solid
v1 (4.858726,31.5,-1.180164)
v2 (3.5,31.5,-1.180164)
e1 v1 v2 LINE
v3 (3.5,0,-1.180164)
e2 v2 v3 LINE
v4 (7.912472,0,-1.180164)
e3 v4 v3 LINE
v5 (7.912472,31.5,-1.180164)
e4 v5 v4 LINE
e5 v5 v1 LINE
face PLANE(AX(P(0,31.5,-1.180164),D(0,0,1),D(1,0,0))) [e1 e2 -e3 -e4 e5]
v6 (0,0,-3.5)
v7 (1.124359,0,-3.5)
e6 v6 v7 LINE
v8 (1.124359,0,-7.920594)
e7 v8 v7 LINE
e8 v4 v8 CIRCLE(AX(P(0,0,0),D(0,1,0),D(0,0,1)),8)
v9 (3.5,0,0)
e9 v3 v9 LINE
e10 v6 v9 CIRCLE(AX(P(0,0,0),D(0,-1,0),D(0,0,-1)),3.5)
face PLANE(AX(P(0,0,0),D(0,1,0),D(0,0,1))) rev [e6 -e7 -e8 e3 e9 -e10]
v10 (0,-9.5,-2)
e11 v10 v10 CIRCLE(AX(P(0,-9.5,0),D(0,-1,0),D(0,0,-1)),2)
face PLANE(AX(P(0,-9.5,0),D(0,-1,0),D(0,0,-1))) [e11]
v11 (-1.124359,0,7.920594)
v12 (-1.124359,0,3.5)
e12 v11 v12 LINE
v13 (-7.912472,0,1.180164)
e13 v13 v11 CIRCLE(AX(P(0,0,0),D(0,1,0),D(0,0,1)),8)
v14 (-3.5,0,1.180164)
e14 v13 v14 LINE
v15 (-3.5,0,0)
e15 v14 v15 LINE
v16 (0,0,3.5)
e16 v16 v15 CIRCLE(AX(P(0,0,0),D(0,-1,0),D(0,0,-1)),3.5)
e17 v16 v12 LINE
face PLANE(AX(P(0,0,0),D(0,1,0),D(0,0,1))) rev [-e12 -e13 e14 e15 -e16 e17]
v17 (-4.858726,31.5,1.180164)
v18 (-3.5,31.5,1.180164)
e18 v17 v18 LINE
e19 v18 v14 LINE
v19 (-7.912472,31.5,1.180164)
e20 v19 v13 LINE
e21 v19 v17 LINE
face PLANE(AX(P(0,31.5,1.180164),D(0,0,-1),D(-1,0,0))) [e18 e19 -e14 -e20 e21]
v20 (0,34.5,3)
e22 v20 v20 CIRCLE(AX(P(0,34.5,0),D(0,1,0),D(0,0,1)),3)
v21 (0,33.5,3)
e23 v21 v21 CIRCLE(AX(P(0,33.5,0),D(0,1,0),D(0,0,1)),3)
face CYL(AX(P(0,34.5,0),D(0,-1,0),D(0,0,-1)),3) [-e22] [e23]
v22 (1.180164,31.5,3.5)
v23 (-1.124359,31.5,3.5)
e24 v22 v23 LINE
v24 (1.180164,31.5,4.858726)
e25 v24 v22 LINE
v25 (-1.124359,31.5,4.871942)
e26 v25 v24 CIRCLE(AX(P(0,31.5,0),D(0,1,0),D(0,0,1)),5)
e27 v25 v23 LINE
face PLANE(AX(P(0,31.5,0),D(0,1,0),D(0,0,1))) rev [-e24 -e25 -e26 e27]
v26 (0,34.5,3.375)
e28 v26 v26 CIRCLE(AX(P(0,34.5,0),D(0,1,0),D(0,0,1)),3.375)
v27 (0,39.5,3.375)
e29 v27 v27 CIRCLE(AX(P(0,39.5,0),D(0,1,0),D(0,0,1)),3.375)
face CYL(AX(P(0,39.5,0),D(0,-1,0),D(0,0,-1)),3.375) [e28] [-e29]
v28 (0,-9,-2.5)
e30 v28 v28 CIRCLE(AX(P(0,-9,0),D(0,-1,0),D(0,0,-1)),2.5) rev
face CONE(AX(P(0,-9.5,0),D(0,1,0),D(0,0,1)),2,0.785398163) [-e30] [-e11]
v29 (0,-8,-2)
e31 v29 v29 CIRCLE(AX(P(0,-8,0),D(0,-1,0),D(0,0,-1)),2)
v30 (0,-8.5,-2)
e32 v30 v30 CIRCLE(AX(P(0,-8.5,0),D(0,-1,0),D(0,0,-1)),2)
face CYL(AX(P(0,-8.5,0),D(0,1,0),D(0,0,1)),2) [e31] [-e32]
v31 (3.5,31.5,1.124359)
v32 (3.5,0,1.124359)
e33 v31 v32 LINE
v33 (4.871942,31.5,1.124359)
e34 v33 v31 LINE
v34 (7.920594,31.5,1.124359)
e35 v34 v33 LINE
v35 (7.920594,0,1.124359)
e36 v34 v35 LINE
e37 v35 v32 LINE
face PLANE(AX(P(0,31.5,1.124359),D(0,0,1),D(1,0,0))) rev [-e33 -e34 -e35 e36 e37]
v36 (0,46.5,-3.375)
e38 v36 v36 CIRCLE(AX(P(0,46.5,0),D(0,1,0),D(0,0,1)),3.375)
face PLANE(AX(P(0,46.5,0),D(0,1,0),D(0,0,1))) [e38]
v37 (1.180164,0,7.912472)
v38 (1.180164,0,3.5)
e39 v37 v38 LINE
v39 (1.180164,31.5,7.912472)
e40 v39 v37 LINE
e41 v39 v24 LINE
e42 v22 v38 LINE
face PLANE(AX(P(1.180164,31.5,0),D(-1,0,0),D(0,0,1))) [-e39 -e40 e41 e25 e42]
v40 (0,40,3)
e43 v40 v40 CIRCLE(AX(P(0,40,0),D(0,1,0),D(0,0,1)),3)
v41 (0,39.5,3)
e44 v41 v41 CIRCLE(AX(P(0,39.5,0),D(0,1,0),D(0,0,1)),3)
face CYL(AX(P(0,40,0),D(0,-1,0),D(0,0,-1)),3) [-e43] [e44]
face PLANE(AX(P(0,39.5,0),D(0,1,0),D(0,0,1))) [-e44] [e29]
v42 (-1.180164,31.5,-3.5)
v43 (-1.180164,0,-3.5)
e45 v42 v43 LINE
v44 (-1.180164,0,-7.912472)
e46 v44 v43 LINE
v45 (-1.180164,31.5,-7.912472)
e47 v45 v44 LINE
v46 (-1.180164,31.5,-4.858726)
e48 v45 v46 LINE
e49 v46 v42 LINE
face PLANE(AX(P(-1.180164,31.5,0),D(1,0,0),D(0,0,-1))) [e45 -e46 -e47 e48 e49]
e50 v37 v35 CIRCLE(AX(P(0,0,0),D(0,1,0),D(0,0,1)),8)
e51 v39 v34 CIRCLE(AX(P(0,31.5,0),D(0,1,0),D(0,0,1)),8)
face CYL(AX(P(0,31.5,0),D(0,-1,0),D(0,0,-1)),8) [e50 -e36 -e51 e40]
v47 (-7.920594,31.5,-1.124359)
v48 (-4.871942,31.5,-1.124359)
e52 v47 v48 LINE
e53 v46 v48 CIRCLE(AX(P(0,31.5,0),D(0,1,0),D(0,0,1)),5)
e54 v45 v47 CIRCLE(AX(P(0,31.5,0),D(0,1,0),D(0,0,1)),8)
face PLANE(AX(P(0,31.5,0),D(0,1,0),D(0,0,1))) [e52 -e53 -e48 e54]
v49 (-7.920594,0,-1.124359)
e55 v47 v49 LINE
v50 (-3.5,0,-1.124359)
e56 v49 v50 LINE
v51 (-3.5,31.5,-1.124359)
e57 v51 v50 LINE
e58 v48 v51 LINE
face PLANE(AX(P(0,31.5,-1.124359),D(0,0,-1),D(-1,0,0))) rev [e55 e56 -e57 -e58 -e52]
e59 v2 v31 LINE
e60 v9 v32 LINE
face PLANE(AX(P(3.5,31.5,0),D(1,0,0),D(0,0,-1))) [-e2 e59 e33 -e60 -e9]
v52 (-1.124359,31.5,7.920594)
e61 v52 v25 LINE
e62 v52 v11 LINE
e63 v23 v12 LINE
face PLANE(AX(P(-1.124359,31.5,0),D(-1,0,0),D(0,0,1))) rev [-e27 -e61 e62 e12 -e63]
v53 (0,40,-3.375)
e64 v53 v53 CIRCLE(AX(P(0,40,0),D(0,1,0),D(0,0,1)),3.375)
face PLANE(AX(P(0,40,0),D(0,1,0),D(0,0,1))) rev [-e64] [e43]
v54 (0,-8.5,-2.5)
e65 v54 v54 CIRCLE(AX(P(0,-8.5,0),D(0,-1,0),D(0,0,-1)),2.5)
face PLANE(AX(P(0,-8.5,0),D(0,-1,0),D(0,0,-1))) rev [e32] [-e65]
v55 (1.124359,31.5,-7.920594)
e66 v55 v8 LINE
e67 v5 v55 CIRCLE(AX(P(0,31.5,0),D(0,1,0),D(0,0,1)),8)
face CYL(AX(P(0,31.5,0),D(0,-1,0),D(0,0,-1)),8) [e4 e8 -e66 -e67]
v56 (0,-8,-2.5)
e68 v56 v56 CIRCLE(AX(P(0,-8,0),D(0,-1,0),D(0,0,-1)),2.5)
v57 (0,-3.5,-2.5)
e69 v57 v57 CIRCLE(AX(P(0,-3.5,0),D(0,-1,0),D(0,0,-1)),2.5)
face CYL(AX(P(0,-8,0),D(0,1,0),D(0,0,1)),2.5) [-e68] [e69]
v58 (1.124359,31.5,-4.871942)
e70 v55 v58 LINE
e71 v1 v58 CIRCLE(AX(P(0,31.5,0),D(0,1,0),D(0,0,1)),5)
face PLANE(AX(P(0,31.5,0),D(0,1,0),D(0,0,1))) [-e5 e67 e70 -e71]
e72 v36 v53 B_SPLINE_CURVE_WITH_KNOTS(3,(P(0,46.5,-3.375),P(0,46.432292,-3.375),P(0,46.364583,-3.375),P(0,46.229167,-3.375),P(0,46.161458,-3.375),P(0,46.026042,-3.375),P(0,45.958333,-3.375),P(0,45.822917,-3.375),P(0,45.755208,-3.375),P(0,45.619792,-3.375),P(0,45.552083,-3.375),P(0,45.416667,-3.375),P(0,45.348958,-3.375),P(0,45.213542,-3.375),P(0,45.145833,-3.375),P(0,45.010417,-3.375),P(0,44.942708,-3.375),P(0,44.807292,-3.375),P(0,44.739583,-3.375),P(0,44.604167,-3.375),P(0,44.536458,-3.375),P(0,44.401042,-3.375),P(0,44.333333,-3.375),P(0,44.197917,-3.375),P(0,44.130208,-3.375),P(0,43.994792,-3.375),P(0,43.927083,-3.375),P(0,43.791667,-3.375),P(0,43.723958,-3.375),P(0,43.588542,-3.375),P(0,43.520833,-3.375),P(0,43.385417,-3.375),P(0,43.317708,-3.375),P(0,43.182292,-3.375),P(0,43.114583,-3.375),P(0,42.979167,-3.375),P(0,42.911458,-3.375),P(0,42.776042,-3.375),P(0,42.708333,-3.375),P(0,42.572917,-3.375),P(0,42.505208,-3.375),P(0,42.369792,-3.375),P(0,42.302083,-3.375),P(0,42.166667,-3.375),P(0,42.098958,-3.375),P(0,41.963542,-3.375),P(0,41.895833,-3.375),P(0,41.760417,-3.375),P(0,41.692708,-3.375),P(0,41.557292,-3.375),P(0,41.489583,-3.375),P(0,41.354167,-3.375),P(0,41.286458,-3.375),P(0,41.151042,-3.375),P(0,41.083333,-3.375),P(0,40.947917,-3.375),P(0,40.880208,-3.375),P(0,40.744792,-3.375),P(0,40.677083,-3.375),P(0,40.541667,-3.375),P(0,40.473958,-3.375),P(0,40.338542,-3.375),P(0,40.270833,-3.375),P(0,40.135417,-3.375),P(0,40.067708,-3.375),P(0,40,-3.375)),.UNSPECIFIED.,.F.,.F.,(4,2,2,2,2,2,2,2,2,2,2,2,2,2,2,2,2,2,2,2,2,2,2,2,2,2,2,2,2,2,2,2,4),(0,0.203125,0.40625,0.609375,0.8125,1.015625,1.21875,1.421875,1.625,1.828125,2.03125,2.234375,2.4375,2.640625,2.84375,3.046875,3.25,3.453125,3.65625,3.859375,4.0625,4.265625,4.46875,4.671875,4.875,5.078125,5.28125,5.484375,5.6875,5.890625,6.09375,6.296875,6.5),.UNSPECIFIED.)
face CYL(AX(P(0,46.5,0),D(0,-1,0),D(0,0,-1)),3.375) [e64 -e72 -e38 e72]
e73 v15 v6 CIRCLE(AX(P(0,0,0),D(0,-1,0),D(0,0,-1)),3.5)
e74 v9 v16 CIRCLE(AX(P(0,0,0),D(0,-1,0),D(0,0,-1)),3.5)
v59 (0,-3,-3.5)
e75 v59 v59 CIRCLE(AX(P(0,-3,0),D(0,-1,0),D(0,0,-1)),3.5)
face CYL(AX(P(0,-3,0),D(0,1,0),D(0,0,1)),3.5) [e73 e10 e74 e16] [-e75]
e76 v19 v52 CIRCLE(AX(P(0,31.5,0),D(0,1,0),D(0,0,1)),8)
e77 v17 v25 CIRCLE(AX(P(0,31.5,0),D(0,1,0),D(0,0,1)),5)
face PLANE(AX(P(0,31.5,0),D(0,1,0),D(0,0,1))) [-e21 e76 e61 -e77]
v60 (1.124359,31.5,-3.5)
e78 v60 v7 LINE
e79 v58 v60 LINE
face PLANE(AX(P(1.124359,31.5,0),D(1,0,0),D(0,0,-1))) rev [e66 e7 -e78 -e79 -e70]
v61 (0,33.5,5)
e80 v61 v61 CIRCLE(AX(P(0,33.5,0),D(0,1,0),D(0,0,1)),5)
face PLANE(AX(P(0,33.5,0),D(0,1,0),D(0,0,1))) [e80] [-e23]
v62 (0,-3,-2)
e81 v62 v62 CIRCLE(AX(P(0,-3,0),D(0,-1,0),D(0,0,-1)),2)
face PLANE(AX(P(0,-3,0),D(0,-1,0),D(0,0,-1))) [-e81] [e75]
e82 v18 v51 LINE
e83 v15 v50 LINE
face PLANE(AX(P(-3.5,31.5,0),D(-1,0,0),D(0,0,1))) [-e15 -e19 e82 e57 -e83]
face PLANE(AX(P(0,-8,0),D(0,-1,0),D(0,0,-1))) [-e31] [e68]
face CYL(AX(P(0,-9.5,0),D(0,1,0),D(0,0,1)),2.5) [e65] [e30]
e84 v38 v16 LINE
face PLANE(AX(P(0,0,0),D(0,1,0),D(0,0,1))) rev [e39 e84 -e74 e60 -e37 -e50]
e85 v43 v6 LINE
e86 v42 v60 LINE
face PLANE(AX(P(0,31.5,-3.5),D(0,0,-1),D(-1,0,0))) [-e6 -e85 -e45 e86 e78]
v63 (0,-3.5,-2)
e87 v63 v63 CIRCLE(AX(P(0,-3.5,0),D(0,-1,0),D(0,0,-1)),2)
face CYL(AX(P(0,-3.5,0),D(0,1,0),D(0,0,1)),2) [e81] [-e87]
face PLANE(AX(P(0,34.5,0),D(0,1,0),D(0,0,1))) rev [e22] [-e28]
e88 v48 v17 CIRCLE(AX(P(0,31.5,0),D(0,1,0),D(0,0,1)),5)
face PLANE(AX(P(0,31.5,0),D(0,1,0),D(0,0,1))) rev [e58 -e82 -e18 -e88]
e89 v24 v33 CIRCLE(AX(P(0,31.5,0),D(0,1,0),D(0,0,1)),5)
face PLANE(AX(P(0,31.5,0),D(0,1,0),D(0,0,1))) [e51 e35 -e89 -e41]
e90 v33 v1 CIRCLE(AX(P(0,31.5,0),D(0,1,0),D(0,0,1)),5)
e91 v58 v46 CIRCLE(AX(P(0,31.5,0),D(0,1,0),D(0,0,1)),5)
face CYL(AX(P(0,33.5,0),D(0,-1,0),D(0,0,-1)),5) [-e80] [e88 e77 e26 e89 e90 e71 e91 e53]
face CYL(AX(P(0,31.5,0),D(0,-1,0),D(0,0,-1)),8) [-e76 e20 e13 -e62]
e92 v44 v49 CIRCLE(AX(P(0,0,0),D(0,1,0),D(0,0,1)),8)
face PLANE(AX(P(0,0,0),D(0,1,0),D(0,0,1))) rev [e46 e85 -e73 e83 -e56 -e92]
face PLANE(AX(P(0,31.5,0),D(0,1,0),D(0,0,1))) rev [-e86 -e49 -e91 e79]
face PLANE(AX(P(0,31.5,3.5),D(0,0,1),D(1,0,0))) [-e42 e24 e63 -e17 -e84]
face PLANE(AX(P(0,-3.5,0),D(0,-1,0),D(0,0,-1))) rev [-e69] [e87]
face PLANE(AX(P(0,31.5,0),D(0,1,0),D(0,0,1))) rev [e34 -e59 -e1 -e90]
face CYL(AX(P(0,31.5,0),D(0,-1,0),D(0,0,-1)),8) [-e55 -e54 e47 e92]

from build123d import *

# Parameters (mm, degrees)
BOSS_EXTRU_1_DEPTH  = 31.5
ESQUISSE3_R         = 3.5
BOSS_EXTRU_2_DEPTH  = 3
ESQUISSE5_R         = 2
BOSS_EXTRU_3_DEPTH  = 0.5
ESQUISSE6_R         = 2.5
BOSS_EXTRU_4_DEPTH  = 4.5
ESQUISSE8_R         = 2
BOSS_EXTRU_5_DEPTH  = 0.5
ESQUISSE9_R         = 2.5
BOSS_EXTRU_6_DEPTH  = 1
CHANFREIN1_SIZE     = 0.5
ESQUISSE10_R        = 5
BOSS_EXTRU_7_DEPTH  = 2
ESQUISSE11_R        = 3
BOSS_EXTRU_8_DEPTH  = 1
ESQUISSE13_R        = 3.375
BOSS_EXTRU_9_DEPTH  = 5
ESQUISSE15_R        = 3
BOSS_EXTRU_10_DEPTH = 0.5
ESQUISSE16_R        = 3.375
BOSS_EXTRU_11_DEPTH = 6.5


with BuildPart() as part:
    # Esquisse1 → Boss.-Extru.1 (new body)
    with BuildSketch(Plane(origin=(0, 0, 0), x_dir=(1, 0, 0), z_dir=(0, 1, 0))):
        with BuildLine():
            Line((1.18016373, -3.5), (1.18016373, -7.912472027))
            ThreePointArc((1.18016373, -7.912472027), (5.676756903, -5.636881324), (7.920594452, -1.124359161))
            Line((7.920594452, -1.124359161), (3.5, -1.124359161))
            Line((3.5, -1.124359161), (3.5, 1.18016373))
            Line((3.5, 1.18016373), (7.912472027, 1.18016373))
            ThreePointArc((7.912472027, 1.18016373), (5.636881324, 5.676756903), (1.124359161, 7.920594452))
            Line((1.124359161, 7.920594452), (1.124359161, 3.5))
            Line((1.124359161, 3.5), (-1.18016373, 3.5))
            Line((-1.18016373, 3.5), (-1.18016373, 7.912472027))
            ThreePointArc((-1.18016373, 7.912472027), (-5.676756903, 5.636881324), (-7.920594452, 1.124359161))
            Line((-7.920594452, 1.124359161), (-3.5, 1.124359161))
            Line((-3.5, 1.124359161), (-3.5, -1.18016373))
            Line((-3.5, -1.18016373), (-7.912472027, -1.18016373))
            ThreePointArc((-7.912472027, -1.18016373), (-5.636881324, -5.676756903), (-1.124359161, -7.920594452))
            Line((-1.124359161, -7.920594452), (-1.124359161, -3.5))
            Line((-1.124359161, -3.5), (1.18016373, -3.5))
        make_face()
    extrude(amount=BOSS_EXTRU_1_DEPTH)

    # Esquisse3 → Boss.-Extru.2 (add)
    with BuildSketch(Plane.XZ):
        with Locations(Location((0, 0, 0), (0, 0, 270))):
            Circle(ESQUISSE3_R)
    extrude(amount=BOSS_EXTRU_2_DEPTH)

    # Esquisse5 → Boss.-Extru.3 (add)
    with BuildSketch(Plane.XZ.offset(3)):
        with Locations(Location((0, 0, 0), (0, 0, 270))):
            Circle(ESQUISSE5_R)
    extrude(amount=BOSS_EXTRU_3_DEPTH)

    # Esquisse6 → Boss.-Extru.4 (add)
    with BuildSketch(Plane.XZ.offset(3.5)):
        with Locations(Location((0, 0, 0), (0, 0, 270))):
            Circle(ESQUISSE6_R)
    extrude(amount=BOSS_EXTRU_4_DEPTH)

    # Esquisse8 → Boss.-Extru.5 (add)
    with BuildSketch(Plane.XZ.offset(8)):
        with Locations(Location((0, 0, 0), (0, 0, 270))):
            Circle(ESQUISSE8_R)
    extrude(amount=BOSS_EXTRU_5_DEPTH)

    # Esquisse9 → Boss.-Extru.6 (add)
    with BuildSketch(Plane.XZ.offset(8.5)):
        with Locations(Location((0, 0, 0), (0, 0, 270))):
            Circle(ESQUISSE9_R)
    extrude(amount=BOSS_EXTRU_6_DEPTH)

    # Chanfrein1
    chanfrein1_edges = [part.edges().sort_by_distance(p)[0] for p in [
        (0, -9.5, 2.5),
    ]]
    chamfer(chanfrein1_edges, length=CHANFREIN1_SIZE)

    # Esquisse10 → Boss.-Extru.7 (add)
    with BuildSketch(Plane(origin=(0, 31.5, 0), x_dir=(1, 0, 0), z_dir=(0, 1, 0))):
        with Locations(Location((0, 0, 0), (0, 0, 77.004658444))):
            Circle(ESQUISSE10_R)
    extrude(amount=BOSS_EXTRU_7_DEPTH)

    # Esquisse11 → Boss.-Extru.8 (add)
    with BuildSketch(Plane(origin=(0, 33.5, 0), x_dir=(1, 0, 0), z_dir=(0, 1, 0))):
        with Locations(Location((0, 0, 0), (0, 0, 270))):
            Circle(ESQUISSE11_R)
    extrude(amount=BOSS_EXTRU_8_DEPTH)

    # Esquisse13 → Boss.-Extru.9 (add)
    with BuildSketch(Plane(origin=(0, 34.5, 0), x_dir=(1, 0, 0), z_dir=(0, 1, 0))):
        with Locations(Location((0, 0, 0), (0, 0, 270))):
            Circle(ESQUISSE13_R)
    extrude(amount=BOSS_EXTRU_9_DEPTH)

    # Esquisse15 → Boss.-Extru.10 (add)
    with BuildSketch(Plane(origin=(0, 39.5, 0), x_dir=(1, 0, 0), z_dir=(0, 1, 0))):
        with Locations(Location((0, 0, 0), (0, 0, 270))):
            Circle(ESQUISSE15_R)
    extrude(amount=BOSS_EXTRU_10_DEPTH)

    # Esquisse16 → Boss.-Extru.11 (add)
    with BuildSketch(Plane(origin=(0, 40, 0), x_dir=(1, 0, 0), z_dir=(0, 1, 0))):
        with Locations(Location((0, 0, 0), (0, 0, 270))):
            Circle(ESQUISSE16_R)
    extrude(amount=BOSS_EXTRU_11_DEPTH)


solid = part.part
